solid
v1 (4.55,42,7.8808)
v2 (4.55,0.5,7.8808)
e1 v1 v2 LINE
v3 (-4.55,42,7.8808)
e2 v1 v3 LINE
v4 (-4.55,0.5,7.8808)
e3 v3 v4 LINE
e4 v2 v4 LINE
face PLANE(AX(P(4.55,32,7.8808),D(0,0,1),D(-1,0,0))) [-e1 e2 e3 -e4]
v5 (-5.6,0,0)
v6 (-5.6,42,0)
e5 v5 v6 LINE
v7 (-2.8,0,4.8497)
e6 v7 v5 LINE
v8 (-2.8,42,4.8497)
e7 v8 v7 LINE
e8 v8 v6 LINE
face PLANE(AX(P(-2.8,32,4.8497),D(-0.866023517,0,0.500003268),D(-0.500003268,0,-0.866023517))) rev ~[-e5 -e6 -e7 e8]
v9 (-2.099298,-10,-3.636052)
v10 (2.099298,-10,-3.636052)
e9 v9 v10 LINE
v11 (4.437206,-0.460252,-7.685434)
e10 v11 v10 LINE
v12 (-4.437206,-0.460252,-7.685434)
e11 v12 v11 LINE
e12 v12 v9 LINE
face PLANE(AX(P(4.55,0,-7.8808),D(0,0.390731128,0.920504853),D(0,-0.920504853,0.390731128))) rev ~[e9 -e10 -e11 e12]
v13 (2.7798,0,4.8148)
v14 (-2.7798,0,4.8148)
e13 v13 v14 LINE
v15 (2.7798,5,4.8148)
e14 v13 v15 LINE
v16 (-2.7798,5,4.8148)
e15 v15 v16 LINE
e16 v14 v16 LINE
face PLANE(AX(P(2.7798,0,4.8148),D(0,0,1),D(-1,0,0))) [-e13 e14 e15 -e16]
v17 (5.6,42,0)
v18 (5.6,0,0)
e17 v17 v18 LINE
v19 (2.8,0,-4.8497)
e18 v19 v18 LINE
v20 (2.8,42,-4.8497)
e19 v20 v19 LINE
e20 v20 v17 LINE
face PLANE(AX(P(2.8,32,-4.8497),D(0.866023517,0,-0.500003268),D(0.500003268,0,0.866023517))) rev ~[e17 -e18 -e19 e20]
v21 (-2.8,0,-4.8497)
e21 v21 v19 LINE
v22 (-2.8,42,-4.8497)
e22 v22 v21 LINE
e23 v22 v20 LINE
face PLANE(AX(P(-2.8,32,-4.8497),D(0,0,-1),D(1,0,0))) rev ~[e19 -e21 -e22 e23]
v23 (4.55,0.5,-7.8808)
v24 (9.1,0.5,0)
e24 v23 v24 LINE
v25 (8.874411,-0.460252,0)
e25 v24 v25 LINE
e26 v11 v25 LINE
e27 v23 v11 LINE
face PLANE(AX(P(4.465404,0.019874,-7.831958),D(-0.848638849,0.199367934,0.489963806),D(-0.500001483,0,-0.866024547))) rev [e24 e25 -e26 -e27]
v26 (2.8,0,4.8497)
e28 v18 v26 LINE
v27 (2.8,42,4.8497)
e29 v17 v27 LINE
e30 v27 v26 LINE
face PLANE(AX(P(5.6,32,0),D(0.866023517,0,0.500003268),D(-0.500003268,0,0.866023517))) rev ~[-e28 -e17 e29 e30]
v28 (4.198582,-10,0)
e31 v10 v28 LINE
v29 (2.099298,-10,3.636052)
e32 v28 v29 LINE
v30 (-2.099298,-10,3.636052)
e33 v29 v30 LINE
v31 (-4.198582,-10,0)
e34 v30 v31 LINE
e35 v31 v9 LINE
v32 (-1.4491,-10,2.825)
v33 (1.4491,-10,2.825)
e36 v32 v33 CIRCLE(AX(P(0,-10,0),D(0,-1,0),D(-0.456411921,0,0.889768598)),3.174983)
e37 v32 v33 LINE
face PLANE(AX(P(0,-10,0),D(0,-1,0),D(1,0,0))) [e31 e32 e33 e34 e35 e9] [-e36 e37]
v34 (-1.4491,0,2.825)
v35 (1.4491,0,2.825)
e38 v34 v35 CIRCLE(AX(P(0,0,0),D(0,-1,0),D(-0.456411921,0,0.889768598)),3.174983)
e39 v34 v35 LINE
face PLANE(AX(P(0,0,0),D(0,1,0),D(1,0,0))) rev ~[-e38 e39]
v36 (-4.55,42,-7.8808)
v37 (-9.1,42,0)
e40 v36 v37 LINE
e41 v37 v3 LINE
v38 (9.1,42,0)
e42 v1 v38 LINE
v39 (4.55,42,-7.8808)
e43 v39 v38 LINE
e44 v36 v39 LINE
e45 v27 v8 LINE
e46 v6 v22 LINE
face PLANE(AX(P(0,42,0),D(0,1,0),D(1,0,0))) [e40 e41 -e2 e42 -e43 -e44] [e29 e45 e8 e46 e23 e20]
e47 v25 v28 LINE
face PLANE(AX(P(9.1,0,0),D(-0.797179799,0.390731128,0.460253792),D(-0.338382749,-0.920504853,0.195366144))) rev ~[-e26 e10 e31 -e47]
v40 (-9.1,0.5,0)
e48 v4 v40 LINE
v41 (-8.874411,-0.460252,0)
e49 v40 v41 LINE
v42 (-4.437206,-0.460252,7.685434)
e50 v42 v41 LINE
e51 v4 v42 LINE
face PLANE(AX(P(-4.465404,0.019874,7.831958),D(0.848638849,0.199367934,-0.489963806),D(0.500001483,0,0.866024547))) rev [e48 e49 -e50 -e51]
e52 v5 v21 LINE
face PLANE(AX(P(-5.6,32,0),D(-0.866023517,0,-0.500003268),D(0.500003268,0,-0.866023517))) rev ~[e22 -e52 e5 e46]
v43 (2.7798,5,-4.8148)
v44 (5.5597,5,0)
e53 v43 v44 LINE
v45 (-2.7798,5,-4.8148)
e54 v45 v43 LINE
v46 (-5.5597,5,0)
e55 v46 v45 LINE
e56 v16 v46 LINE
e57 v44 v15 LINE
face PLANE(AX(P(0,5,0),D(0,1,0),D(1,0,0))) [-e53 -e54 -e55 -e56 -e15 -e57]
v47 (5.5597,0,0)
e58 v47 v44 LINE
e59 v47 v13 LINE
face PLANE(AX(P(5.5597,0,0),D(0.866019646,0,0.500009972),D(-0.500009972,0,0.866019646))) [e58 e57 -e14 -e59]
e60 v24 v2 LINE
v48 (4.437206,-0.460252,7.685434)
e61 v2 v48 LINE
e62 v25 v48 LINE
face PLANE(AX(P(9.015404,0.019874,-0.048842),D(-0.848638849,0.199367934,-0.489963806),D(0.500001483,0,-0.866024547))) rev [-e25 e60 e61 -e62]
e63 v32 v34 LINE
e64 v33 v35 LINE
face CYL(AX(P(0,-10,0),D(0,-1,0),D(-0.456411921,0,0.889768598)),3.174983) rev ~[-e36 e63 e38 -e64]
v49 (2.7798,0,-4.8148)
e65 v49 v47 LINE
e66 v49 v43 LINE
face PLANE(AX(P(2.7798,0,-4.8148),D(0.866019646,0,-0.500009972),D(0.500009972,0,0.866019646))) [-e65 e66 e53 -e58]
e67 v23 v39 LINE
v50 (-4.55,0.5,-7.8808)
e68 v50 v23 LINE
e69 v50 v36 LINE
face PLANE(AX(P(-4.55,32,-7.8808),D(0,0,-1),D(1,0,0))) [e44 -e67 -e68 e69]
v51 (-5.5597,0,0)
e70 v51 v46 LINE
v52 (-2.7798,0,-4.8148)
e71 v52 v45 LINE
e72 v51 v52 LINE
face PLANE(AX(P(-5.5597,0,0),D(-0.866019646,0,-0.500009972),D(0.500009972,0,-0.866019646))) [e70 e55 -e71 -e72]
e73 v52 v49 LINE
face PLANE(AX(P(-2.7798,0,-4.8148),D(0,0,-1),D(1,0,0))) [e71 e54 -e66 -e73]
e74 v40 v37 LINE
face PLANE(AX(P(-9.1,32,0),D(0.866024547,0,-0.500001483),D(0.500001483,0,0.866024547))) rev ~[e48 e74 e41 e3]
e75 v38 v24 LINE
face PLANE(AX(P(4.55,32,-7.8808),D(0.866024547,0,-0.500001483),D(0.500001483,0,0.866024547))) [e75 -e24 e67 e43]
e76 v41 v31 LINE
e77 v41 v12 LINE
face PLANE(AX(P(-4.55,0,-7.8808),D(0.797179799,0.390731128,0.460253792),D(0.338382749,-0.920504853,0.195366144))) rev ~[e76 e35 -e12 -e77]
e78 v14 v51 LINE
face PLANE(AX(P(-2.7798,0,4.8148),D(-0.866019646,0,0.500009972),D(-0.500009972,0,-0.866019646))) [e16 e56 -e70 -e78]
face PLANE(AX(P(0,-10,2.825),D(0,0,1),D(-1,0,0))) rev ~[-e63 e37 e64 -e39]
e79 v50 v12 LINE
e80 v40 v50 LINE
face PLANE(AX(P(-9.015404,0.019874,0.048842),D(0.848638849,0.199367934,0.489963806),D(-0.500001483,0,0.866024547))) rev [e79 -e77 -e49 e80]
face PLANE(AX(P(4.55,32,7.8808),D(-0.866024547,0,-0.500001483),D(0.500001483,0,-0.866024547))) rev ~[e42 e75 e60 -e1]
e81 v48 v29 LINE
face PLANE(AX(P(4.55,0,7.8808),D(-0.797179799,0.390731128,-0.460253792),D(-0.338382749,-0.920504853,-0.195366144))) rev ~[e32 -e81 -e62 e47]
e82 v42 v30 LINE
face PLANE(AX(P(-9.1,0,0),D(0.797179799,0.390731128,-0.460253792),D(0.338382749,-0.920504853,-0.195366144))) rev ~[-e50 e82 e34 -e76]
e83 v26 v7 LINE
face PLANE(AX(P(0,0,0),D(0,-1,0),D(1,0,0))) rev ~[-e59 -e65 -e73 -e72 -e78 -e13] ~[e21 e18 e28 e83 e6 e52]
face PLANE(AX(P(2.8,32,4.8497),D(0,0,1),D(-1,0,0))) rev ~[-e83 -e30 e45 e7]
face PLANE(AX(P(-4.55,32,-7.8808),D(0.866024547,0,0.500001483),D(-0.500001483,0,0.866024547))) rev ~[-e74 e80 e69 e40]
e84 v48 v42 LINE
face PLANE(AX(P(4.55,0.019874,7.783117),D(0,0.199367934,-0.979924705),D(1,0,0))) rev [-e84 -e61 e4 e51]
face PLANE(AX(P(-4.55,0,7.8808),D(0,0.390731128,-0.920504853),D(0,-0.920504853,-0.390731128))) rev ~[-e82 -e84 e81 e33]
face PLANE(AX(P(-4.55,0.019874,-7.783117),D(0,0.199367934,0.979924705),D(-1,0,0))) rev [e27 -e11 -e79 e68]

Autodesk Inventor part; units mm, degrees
ref_plane "YZ Plane" through (0, 0, 0) normal (1, 0, 0) x (0, 1, 0)
ref_plane "XZ Plane" through (0, 0, 0) normal (0, 1, 0) x (-1, 0, 0)
ref_plane "XY Plane" through (0, 0, 0) normal (0, 0, 1) x (1, 0, 0)
sketch "Boceto11" plane through (0, 0, 0) normal (0, 1, 0) x (-1, 0, 0)
  line L0 (0, 0) -> (5.6, 0)
  line L1 (5.6, 0) -> (2.8, -4.8497)
  line L2 (2.8, -4.8497) -> (-2.8, -4.8497)
  line L3 (-2.8, -4.8497) -> (-5.6, 0)
  line L4 (-5.6, 0) -> (-2.8, 4.8497)
  line L5 (-2.8, 4.8497) -> (2.8, 4.8497)
  line L6 (2.8, 4.8497) -> (5.6, 0)
  line L7 (5.6, 0) -> (9.1, 0)
  line L8 (9.1, 0) -> (4.55, -7.8808)
  line L9 (4.55, -7.8808) -> (-4.55, -7.8808)
  line L10 (-4.55, -7.8808) -> (-9.1, 0)
  line L11 (-9.1, 0) -> (-4.55, 7.8808)
  line L12 (-4.55, 7.8808) -> (4.55, 7.8808)
  line L13 (4.55, 7.8808) -> (9.1, 0)
  dimension "d42" = 5.6
  dimension "d43" = 3.5
extrude "Extrusión10" add sketch "Boceto11" along normal blind 32
sketch "Boceto16" plane through (0, 0, 0) normal (0, -1, 0) x (1, 0, 0)
  line L0 (4.55, 7.8808) -> (9.1, 0) projected
  line L1 (9.1, 0) -> (4.55, -7.8808)
  line L2 (4.55, -7.8808) -> (-4.55, -7.8808)
  line L3 (-4.55, -7.8808) -> (-9.1, 0)
  line L4 (-9.1, 0) -> (-4.55, 7.8808)
  line L5 (-4.55, 7.8808) -> (4.55, 7.8808)
  line L6 (4.55, 7.8808) -> (9.1, 0)
  point P0 (0, 0)
  point P1 (0, 0)
extrude "Extrusión14" add sketch "Boceto16" along normal blind 10 draft -23
sketch "Boceto19" plane through (0, -10, 0) normal (0, -1, 0) x (1, 0, 0)
  line L0 (-2.0993, 3.6361) -> (2.0993, 3.6361) projected
  line L1 (2.0993, -3.6361) -> (-2.0993, -3.6361) projected
  line L2 (2.0993, 3.6361) -> (4.1986, 0) projected
  line L3 (-4.55, -7.8808) -> (-2.0993, -3.6361) projected
  line L4 (-4.1986, 0) -> (-2.0993, 3.6361) projected
  arc A0 (-1.4491, 2.825) -> (1.4491, 2.825) centre (0, 0) ccw
  line L5 (0, 2.825) -> (-1.4491, 2.825)
  line L6 (0, 2.825) -> (1.4491, 2.825)
extrude "Extrusión16" cut sketch "Boceto19" against normal blind 15
sketch "Boceto20" plane through (0, 0, 0) normal (0, 1, 0) x (1, 0, 0)
  line L0 (-4.55, -7.8808) -> (-2.0993, -3.6361) projected
  line L1 (-2.7798, -4.8148) -> (-5.5597, 0)
  line L2 (-5.5597, 0) -> (-2.7798, 4.8148)
  line L3 (-2.7798, 4.8148) -> (2.7798, 4.8148)
  line L4 (2.7798, 4.8148) -> (5.5597, 0)
  line L5 (5.5597, 0) -> (2.7798, -4.8148)
  line L6 (2.7798, -4.8148) -> (-2.7798, -4.8148)
  point P0 (0, 0)
  point P1 (0, 0)
extrude "Extrusión17" add sketch "Boceto20" along normal blind 5
sketch "Boceto21" plane through (0, 32, 0) normal (0, 1, 0) x (1, 0, 0)
  line L0 (-5.6, 0) -> (-2.8, 4.8497)
  line L1 (-2.8, 4.8497) -> (2.8, 4.8497)
  line L2 (2.8, 4.8497) -> (5.6, 0)
  line L3 (5.6, 0) -> (2.8, -4.8497)
  line L4 (2.8, -4.8497) -> (-2.8, -4.8497)
  line L5 (-2.8, -4.8497) -> (-5.6, 0)
  line L6 (-2.8, -4.8497) -> (-5.6, 0) projected
  line L7 (-9.1, 0) -> (-4.55, -7.8808) projected
  line L8 (-4.55, -7.8808) -> (-9.1, 0)
  line L9 (-4.55, 7.8808) -> (-9.1, 0) projected
  line L10 (-9.1, 0) -> (-4.55, 7.8808)
  line L11 (4.55, 7.8808) -> (2.0993, 3.6361) projected
  line L12 (-4.55, 7.8808) -> (4.55, 7.8808)
  line L13 (4.55, -7.8808) -> (9.1, 0) projected
  line L14 (4.55, 7.8808) -> (9.1, 0)
  line L15 (9.1, 0) -> (4.55, -7.8808)
  line L16 (4.55, -7.8808) -> (-4.55, -7.8808)
  point P0 (0, 0)
  point P1 (0, 0)
  point P2 (0, 0)
chamfer "Chaflán1" distance 0.5 angle 45 6 edges at (0, 0, -7.8808) (-6.825, 0, -3.9404) (6.825, 0, -3.9404) (-6.825, 0, 3.9404) (0, 0, 7.8808) (6.825, 0, 3.9404)
extrude "Extrusión19" add sketch "Boceto21" along normal blind 10
properties part number "Bobinatge - acoplament eix"
